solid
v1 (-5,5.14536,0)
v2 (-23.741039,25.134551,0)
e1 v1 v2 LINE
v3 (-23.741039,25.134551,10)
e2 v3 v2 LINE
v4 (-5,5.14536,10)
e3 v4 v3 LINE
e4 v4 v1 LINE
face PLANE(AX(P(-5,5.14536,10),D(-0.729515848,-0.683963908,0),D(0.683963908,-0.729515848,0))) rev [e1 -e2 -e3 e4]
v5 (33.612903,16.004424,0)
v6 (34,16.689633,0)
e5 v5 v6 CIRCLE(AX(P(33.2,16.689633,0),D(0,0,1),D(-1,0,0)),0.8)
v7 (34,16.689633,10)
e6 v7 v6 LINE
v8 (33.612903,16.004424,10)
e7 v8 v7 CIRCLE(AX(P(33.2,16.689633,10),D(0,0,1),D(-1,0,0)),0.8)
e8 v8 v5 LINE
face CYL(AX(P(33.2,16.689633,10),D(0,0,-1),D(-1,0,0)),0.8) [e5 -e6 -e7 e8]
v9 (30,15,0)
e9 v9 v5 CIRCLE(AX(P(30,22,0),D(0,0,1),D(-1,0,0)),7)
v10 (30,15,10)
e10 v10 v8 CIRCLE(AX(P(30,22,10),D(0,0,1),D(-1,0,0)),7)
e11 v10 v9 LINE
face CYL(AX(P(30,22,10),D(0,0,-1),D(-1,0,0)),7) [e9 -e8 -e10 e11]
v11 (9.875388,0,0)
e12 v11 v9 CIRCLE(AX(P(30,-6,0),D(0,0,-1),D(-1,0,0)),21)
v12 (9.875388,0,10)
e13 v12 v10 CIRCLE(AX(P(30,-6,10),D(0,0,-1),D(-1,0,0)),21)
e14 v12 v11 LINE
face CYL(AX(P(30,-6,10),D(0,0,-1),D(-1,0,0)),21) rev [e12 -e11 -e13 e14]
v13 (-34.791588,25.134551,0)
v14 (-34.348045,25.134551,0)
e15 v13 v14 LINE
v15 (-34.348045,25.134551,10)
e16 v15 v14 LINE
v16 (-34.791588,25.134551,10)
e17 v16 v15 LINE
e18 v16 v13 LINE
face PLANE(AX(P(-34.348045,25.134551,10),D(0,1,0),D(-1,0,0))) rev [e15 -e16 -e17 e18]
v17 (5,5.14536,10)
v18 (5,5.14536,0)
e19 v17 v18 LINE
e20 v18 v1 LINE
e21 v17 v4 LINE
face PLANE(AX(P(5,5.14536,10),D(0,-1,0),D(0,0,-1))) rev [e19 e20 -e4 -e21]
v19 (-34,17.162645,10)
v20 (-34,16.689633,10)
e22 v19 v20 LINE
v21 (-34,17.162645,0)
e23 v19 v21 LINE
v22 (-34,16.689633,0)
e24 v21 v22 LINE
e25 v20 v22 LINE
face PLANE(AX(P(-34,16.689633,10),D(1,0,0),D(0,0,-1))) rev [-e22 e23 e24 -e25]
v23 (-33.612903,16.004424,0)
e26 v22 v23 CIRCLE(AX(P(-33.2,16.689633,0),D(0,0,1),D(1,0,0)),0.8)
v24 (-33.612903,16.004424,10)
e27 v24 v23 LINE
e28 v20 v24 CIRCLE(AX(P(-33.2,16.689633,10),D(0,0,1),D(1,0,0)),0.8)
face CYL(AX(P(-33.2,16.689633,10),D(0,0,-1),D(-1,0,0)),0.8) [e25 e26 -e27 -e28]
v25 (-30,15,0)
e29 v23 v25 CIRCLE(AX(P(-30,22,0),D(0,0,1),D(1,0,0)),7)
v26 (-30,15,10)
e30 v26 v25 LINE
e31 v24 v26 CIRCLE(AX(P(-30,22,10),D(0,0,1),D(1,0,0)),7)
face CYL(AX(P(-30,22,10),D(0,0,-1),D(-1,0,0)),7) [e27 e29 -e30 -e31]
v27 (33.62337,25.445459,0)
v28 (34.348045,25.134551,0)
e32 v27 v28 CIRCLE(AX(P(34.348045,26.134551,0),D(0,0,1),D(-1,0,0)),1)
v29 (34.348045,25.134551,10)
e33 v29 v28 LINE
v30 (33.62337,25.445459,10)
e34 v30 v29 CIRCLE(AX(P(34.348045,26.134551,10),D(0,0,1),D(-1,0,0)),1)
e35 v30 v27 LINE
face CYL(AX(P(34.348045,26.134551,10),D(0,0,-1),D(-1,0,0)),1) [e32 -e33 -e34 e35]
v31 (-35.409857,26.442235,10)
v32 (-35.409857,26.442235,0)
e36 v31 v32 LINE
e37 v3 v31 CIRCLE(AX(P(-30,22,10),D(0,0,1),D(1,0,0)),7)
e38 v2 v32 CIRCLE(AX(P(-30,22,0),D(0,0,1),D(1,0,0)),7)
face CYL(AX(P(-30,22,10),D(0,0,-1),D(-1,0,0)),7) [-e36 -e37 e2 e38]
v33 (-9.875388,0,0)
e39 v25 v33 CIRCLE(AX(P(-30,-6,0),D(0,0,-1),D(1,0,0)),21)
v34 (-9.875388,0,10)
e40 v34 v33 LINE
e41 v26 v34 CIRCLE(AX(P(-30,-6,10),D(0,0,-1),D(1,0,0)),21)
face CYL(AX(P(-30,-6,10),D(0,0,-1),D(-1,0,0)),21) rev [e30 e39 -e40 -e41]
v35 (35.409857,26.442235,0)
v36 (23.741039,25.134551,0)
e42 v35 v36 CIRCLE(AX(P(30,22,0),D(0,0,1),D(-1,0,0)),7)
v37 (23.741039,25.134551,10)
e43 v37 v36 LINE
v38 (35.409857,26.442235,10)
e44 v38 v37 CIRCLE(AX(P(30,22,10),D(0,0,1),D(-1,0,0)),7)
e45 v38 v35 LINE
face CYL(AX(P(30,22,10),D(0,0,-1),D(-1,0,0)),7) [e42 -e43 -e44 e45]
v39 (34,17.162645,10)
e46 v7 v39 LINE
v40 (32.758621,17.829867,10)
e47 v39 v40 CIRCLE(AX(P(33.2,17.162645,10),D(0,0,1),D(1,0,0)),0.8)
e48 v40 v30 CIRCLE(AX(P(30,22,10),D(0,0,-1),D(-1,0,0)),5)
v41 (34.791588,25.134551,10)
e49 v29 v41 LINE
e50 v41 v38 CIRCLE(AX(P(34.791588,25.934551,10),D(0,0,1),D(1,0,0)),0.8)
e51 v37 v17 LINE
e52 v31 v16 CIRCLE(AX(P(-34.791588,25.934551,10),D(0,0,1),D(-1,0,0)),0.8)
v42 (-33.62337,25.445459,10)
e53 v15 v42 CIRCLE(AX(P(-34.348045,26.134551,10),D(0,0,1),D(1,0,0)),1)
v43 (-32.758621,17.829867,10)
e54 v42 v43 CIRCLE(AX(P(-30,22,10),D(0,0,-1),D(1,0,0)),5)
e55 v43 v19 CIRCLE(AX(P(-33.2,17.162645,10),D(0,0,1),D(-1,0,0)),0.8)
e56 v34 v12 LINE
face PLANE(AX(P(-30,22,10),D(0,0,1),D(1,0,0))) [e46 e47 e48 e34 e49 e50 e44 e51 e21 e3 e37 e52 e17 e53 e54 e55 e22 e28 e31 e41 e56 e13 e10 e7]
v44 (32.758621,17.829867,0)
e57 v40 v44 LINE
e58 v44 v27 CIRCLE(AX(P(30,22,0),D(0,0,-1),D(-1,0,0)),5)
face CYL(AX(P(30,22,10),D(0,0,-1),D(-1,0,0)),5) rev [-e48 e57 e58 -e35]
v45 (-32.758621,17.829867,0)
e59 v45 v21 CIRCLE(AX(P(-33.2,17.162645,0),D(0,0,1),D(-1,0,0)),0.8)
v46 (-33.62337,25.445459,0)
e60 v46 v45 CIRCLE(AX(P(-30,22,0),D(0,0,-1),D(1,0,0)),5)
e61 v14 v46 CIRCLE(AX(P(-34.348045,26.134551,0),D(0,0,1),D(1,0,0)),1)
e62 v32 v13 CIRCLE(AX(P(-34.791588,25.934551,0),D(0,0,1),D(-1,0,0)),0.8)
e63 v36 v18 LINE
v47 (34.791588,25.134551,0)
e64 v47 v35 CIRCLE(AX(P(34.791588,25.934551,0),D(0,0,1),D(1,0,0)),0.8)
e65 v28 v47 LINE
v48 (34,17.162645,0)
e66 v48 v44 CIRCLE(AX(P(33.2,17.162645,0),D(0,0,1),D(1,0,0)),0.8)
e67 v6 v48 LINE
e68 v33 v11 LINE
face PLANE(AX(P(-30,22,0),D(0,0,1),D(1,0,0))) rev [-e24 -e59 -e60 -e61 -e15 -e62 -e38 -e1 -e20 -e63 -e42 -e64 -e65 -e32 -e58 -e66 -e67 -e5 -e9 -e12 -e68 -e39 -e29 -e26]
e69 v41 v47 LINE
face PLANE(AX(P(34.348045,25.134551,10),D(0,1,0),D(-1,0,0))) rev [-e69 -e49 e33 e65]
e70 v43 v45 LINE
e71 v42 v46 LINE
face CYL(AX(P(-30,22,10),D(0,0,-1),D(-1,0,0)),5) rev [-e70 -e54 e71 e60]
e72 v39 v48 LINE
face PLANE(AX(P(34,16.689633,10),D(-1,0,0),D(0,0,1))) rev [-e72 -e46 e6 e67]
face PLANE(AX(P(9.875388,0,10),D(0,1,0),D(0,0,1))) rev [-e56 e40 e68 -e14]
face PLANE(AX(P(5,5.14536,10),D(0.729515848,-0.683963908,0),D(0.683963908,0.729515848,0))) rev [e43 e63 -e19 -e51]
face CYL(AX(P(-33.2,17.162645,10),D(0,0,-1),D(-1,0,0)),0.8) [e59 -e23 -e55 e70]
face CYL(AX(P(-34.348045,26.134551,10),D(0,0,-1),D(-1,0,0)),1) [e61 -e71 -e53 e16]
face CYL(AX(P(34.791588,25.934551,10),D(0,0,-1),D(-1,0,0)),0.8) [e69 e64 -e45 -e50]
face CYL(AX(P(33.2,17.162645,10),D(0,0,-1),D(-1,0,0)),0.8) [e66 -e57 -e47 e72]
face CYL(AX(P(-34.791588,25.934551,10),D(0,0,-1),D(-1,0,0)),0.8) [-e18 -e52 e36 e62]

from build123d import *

# Parameters (mm, degrees)
BOSS_EXTRUDE1_DEPTH = 10


with BuildPart() as part:
    # Sketch1 → Boss-Extrude1 (new body)
    with BuildSketch(Plane.XY):
        with BuildLine():
            Line((9.875388203, 0), (-9.875388203, 0))
            ThreePointArc((-9.875388203, 0), (-17.450099602, 10.83745824), (-30, 15))
            ThreePointArc((-30, 15), (-31.8749625, 15.255779094), (-33.612903226, 16.004424108))
            ThreePointArc((-33.612903226, 16.004424108), (-33.896535204, 16.29613728), (-34, 16.689632781))
            Line((-34, 16.689632781), (-34, 17.162645351))
            ThreePointArc((-34, 17.162645351), (-33.578745661, 17.867309614), (-32.75862069, 17.829866682))
            ThreePointArc((-32.75862069, 17.829866682), (-25.031925557, 22.564124391), (-33.623370468, 25.445458816))
            ThreePointArc((-33.623370468, 25.445458816), (-33.953767859, 25.215558804), (-34.348044562, 25.134550579))
            Line((-34.348044562, 25.134550579), (-34.791587602, 25.134550579))
            ThreePointArc((-34.791587602, 25.134550579), (-35.51482586, 25.592605522), (-35.409856969, 26.442234524))
            ThreePointArc((-35.409856969, 26.442234524), (-29.220414383, 28.95645357), (-23.74103901, 25.134550579))
            Line((-23.74103901, 25.134550579), (-5, 5.145359938))
            Line((-5, 5.145359938), (5, 5.145359938))
            Line((5, 5.145359938), (23.74103901, 25.134550579))
            ThreePointArc((23.74103901, 25.134550579), (29.220414383, 28.95645357), (35.409856969, 26.442234524))
            ThreePointArc((35.409856969, 26.442234524), (35.51482586, 25.592605522), (34.791587602, 25.134550579))
            Line((34.791587602, 25.134550579), (34.348044562, 25.134550579))
            ThreePointArc((34.348044562, 25.134550579), (33.953767859, 25.215558804), (33.623370468, 25.445458816))
            ThreePointArc((33.623370468, 25.445458816), (25.031925557, 22.564124391), (32.75862069, 17.829866682))
            ThreePointArc((32.75862069, 17.829866682), (33.578745661, 17.867309614), (34, 17.162645351))
            Line((34, 17.162645351), (34, 16.689632781))
            ThreePointArc((34, 16.689632781), (33.896535204, 16.29613728), (33.612903226, 16.004424108))
            ThreePointArc((33.612903226, 16.004424108), (31.8749625, 15.255779094), (30, 15))
            ThreePointArc((30, 15), (17.450099602, 10.83745824), (9.875388203, 0))
        make_face()
    extrude(amount=BOSS_EXTRUDE1_DEPTH)


solid = part.part
